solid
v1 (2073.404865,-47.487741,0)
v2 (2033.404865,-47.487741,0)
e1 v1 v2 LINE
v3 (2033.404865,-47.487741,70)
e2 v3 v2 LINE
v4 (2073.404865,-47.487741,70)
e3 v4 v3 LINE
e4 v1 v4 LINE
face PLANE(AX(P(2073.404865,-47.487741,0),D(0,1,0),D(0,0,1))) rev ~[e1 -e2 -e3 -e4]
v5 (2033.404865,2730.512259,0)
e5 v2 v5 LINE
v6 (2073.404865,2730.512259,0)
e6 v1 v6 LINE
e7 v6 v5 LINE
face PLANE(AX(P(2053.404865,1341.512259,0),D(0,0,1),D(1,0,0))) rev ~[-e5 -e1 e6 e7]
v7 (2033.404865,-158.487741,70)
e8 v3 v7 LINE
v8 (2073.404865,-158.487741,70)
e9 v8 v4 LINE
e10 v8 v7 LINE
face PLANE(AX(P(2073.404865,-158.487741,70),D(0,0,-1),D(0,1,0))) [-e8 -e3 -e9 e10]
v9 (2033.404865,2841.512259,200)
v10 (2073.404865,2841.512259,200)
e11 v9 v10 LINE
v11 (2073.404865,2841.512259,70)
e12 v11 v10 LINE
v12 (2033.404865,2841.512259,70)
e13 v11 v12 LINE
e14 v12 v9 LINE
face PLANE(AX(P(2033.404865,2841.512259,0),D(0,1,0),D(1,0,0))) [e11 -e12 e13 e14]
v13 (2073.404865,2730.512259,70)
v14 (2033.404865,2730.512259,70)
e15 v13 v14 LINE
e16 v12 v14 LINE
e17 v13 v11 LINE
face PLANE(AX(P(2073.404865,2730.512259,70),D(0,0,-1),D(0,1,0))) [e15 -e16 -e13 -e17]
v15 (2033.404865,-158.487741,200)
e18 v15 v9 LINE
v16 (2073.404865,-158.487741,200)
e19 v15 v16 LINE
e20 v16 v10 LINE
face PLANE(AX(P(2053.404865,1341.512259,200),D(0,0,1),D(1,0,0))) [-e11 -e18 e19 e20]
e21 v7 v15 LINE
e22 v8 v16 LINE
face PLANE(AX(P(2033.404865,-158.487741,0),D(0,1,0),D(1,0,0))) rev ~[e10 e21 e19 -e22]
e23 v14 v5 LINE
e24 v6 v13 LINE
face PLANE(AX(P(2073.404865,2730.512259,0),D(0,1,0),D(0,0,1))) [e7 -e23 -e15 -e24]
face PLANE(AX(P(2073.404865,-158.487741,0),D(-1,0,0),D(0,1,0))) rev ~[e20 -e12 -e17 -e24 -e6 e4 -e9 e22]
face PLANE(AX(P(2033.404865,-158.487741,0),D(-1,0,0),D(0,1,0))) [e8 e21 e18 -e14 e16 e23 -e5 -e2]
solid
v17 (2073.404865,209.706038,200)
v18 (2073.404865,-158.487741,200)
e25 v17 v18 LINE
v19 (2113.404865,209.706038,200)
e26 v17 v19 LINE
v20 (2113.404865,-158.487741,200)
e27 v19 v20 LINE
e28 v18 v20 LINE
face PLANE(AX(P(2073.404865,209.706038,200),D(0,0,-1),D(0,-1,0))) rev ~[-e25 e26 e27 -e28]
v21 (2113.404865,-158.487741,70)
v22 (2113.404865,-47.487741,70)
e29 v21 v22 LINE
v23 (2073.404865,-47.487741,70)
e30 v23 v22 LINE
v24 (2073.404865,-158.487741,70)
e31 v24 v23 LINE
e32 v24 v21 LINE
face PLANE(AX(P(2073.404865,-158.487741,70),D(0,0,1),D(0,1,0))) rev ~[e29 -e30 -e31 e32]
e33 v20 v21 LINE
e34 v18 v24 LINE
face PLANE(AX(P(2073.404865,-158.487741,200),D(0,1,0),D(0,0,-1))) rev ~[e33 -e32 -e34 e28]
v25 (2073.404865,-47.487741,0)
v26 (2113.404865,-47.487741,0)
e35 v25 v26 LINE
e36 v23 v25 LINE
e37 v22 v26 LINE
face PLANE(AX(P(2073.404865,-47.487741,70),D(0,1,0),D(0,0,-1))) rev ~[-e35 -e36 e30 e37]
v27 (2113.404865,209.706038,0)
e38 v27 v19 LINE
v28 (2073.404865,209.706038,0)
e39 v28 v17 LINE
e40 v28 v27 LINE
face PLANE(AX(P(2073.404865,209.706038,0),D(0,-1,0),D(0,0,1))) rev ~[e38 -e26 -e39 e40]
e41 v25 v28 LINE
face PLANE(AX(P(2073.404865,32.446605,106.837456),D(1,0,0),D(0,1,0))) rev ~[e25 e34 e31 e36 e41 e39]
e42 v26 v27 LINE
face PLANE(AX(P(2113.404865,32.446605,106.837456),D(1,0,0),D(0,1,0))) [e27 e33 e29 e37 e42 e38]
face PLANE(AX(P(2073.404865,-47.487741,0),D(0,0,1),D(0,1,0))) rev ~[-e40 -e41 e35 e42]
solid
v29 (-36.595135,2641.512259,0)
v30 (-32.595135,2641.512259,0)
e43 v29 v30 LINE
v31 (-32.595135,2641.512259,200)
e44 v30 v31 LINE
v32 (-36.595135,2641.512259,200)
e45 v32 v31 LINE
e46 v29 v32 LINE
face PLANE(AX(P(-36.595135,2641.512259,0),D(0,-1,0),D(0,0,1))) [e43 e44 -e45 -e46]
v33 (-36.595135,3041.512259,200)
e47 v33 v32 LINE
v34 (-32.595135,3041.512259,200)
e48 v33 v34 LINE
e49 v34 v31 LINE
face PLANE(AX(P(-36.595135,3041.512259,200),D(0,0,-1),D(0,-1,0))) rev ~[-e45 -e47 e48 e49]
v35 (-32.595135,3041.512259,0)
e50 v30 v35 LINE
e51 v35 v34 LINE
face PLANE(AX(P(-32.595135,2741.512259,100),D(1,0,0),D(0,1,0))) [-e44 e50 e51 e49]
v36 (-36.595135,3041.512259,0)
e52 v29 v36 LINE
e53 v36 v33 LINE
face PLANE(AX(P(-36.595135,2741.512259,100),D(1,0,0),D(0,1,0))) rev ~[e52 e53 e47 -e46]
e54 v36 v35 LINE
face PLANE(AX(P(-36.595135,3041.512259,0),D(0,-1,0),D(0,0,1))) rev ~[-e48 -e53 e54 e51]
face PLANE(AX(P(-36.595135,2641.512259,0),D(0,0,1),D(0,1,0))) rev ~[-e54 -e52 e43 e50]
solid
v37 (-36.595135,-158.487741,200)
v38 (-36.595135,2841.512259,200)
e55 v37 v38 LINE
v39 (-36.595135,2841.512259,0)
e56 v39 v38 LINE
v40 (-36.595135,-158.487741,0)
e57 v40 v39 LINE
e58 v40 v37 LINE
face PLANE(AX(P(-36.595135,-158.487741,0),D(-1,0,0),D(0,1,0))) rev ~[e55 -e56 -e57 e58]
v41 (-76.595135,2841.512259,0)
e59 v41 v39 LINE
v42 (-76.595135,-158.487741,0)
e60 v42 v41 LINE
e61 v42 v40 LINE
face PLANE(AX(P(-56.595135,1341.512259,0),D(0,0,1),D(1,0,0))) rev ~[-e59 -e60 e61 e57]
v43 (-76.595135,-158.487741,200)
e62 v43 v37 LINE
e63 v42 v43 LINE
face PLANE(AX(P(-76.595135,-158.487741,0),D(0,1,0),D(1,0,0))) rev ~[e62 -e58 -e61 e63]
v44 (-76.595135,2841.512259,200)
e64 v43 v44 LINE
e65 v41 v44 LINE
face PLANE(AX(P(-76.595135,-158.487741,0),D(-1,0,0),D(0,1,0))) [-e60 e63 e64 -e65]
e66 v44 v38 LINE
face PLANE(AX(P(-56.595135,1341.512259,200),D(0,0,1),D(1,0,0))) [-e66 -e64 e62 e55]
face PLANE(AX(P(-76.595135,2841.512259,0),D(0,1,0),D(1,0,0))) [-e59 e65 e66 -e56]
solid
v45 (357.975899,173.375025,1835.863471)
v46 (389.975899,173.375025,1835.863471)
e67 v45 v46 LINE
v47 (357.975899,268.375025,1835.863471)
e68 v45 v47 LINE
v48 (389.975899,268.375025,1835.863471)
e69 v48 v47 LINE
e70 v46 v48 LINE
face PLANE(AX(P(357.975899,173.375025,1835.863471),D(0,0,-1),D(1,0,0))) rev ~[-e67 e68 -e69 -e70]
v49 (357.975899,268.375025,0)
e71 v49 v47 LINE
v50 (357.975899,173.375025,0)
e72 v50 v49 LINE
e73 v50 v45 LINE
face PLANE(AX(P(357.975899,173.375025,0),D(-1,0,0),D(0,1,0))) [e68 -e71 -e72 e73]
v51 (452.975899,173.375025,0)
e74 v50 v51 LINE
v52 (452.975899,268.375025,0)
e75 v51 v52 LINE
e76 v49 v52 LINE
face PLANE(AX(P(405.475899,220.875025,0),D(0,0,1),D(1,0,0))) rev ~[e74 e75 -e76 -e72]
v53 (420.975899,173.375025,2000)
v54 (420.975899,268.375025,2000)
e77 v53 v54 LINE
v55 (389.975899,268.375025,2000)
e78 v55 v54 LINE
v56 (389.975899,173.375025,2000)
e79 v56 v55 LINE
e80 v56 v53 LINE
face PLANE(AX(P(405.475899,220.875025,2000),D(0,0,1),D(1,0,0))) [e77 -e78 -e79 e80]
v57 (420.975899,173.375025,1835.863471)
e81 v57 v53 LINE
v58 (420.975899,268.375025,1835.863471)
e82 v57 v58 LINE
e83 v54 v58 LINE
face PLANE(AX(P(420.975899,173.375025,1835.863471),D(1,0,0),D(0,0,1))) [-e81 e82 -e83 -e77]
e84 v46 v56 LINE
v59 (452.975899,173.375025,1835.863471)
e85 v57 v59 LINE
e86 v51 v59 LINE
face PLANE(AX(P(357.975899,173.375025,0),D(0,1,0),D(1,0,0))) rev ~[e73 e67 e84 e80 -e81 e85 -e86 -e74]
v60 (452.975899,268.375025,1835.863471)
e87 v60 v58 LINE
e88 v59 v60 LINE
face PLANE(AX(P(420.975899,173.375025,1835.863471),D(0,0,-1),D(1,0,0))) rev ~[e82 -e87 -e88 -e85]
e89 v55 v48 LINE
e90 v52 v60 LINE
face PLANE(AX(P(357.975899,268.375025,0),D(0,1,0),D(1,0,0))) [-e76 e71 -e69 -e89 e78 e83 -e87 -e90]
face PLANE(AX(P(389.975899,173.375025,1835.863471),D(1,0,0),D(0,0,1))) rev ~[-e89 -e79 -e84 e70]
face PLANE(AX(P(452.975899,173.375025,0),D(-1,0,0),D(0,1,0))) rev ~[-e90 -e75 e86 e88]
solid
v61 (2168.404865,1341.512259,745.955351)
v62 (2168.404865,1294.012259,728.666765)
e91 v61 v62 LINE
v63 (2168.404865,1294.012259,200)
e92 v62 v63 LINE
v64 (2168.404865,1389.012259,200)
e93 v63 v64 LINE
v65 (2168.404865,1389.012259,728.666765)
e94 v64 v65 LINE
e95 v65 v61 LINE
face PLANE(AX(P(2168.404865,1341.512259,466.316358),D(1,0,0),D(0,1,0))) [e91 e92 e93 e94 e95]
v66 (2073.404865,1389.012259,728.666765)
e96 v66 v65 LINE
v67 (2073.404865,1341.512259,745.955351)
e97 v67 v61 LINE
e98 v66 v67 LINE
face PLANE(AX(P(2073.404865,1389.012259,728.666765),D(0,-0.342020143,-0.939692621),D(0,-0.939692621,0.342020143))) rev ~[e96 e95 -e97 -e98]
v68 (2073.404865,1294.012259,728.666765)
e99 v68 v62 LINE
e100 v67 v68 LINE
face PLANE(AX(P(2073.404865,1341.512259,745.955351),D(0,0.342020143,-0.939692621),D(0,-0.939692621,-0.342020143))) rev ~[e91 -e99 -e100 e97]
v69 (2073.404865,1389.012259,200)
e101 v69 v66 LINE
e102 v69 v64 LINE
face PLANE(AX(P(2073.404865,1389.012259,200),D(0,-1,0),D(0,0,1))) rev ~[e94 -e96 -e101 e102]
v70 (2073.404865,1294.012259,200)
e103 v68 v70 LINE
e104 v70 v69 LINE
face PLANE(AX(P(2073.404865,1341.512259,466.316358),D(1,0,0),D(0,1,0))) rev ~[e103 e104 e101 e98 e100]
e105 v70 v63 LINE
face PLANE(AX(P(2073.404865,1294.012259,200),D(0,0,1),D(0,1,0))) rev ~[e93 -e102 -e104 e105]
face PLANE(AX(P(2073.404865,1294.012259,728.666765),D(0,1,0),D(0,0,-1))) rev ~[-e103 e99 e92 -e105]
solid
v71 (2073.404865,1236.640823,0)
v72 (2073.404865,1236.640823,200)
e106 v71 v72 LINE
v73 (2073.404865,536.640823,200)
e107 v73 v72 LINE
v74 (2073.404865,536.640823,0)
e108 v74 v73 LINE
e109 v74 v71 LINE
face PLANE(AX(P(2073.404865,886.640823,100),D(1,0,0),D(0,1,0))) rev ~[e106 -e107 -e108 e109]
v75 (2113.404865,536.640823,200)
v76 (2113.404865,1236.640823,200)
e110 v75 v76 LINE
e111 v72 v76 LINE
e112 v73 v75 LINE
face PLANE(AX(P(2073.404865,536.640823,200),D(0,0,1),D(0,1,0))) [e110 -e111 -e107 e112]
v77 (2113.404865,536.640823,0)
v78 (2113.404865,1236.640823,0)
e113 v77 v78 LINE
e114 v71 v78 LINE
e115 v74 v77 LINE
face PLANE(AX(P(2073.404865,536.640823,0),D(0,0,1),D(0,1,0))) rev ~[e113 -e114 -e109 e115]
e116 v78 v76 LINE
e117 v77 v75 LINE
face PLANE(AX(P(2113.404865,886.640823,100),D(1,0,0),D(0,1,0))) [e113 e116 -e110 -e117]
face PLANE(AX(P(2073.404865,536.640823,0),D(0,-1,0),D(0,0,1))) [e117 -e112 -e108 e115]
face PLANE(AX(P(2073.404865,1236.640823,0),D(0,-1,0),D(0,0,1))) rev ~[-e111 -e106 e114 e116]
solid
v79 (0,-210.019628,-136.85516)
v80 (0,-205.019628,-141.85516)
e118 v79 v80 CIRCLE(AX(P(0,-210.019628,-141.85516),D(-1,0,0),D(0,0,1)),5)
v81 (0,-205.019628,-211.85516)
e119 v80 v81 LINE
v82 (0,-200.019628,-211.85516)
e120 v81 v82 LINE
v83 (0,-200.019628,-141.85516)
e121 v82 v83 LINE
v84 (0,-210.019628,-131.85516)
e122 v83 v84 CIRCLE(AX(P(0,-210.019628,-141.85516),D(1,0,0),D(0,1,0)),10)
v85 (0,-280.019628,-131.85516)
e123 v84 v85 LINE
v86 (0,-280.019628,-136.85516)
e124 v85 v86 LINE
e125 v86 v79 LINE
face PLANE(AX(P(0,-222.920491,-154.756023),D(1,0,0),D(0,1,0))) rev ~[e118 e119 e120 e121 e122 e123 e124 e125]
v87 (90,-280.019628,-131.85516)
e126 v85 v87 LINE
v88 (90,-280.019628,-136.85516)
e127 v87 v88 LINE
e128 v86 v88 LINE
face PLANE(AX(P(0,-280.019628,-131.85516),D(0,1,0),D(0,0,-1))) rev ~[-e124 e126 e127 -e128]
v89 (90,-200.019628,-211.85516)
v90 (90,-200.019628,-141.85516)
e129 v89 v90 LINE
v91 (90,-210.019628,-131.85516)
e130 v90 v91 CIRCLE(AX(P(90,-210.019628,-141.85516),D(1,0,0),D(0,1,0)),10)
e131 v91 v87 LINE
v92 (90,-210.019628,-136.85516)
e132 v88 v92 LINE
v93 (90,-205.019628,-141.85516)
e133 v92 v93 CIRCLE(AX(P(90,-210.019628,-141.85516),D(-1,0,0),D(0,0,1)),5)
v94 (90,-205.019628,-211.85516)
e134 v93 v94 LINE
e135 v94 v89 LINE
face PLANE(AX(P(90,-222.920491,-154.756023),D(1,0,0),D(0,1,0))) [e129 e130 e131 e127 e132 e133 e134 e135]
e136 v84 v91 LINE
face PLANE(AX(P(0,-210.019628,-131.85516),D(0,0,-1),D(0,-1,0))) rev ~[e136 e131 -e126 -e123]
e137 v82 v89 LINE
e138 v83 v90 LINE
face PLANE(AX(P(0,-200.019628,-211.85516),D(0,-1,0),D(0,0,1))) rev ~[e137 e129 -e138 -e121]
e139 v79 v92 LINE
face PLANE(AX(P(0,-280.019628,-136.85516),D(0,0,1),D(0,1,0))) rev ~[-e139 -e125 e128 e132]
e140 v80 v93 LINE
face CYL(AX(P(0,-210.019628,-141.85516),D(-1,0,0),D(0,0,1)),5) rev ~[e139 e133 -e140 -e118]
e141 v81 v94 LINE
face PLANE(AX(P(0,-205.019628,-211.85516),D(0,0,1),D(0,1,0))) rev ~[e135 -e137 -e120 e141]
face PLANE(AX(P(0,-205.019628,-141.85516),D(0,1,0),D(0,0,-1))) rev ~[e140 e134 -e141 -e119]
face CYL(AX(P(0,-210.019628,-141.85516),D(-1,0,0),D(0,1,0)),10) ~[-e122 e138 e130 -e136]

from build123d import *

# Parameters (mm, degrees)
F2_W      = 40
F2_H      = 3000
F3_DEPTH  = 200
F2_W_2    = 95
F2_H_2    = 95
F4_DEPTH  = 2000
F5_W      = 32
F5_H      = 164.1365289688
F6_DEPTH  = 2668.13823376
F8_DEPTH  = 90
F9_W      = 200
F9_H      = 200
F10_DEPTH = 4
F12_W     = 111
F12_H     = 70
F13_DEPTH = 2150.001
F15_DEPTH = 40
F14_W     = 700
F14_H     = 200
F16_DEPTH = 95


with BuildPart() as f3:
    # F2 (on Top) → F3 (new body)
    with BuildSketch(Plane.XY):
        with Locations((-56.5951354802, 1341.5122591515)):
            Rectangle(F2_W, F2_H)
    extrude(amount=F3_DEPTH)


with BuildPart() as f4:
    # F2 (on Top) → F4 (new body)
    with BuildSketch(Plane.XY):
        with Locations((405.4758989811, 220.8750253916)):
            Rectangle(F2_W_2, F2_H_2)
    extrude(amount=F4_DEPTH)

    # F5 (on face) → F6 (cut, through all)
    with BuildSketch(Plane.XZ.offset(-173.3750253916)):
        with Locations((373.9758989811, 1917.9317355156)):
            Rectangle(F5_W, F5_H)
        with Locations((436.9758989811, 1917.9317355156)):
            Rectangle(F5_W, F5_H)
    extrude(amount=-F6_DEPTH, mode=Mode.SUBTRACT)


with BuildPart() as f8:
    # F7 (on Right) → F8 (new body)
    with BuildSketch(Plane.YZ):
        with BuildLine():
            Line((-210.0196278095, -131.8551599979), (-280.0196278095, -131.8551599979))
            Line((-280.0196278095, -131.8551599979), (-280.0196278095, -136.8551599979))
            Line((-280.0196278095, -136.8551599979), (-210.0196278095, -136.8551599979))
            ThreePointArc((-210.0196278095, -136.8551599979), (-206.4840939036, -138.319626092), (-205.0196278095, -141.8551599979))
            Line((-205.0196278095, -141.8551599979), (-205.0196278095, -211.8551599979))
            Line((-205.0196278095, -211.8551599979), (-200.0196278095, -211.8551599979))
            Line((-200.0196278095, -211.8551599979), (-200.0196278095, -141.8551599979))
            ThreePointArc((-200.0196278095, -141.8551599979), (-202.9485599977, -134.7840921861), (-210.0196278095, -131.8551599979))
        make_face()
    extrude(amount=F8_DEPTH)


with BuildPart() as f10:
    # F9 (on face) → F10 (new body)
    with BuildSketch(Plane.YZ.offset(-36.5951354802)):
        with Locations((2741.5122591515, 100)):
            Rectangle(F9_W, F9_H)
        with Locations((2941.5122591515, 100)):
            Rectangle(F9_W, F9_H)
    extrude(amount=F10_DEPTH)


with BuildPart() as f11_1:
    # F11: copy of F3
    add(f3.part.moved(Location((2110, 0, 0))))

    # F12 (on face) → F13 (cut, through all)
    with BuildSketch(Plane.YZ.offset(2073.4048645198)):
        with Locations((-102.9877408485, 35)):
            Rectangle(F12_W, F12_H)
        with Locations((2786.0122591515, 35)):
            Rectangle(F12_W, F12_H)
    extrude(amount=-F13_DEPTH, mode=Mode.SUBTRACT)


with BuildPart() as f15:
    # F14 (on face) → F15 (new body)
    with BuildSketch(Plane.YZ.offset(2073.4048645198)):
        Polygon((209.7060382366, 200), (-158.4877408485, 200), (-158.4877408485, 186.4807903767), (-158.4877408485, 70), (-47.4877408485, 70), (-47.4877408485, 0), (209.7060382366, 0), align=None)
    extrude(amount=F15_DEPTH)


with BuildPart() as f15b:
    # F14 (on face) → F15, piece 2 (new body)
    with BuildSketch(Plane.YZ.offset(2073.4048645198)):
        with Locations((886.6408228874, 100)):
            Rectangle(F14_W, F14_H)
    extrude(amount=F15_DEPTH)


with BuildPart() as f16:
    # F12 (on face) → F16 (new body)
    with BuildSketch(Plane.YZ.offset(2073.4048645198)):
        Polygon((1294.0122591515, 728.6667652717), (1294.0122591515, 200), (1389.0122591515, 200), (1389.0122591515, 728.6667652717), (1341.5122591515, 745.9553513993), align=None)
    extrude(amount=F16_DEPTH)


solid = Compound([f3.part, f4.part, f8.part, f10.part, f11_1.part, f15.part, f15b.part, f16.part])
